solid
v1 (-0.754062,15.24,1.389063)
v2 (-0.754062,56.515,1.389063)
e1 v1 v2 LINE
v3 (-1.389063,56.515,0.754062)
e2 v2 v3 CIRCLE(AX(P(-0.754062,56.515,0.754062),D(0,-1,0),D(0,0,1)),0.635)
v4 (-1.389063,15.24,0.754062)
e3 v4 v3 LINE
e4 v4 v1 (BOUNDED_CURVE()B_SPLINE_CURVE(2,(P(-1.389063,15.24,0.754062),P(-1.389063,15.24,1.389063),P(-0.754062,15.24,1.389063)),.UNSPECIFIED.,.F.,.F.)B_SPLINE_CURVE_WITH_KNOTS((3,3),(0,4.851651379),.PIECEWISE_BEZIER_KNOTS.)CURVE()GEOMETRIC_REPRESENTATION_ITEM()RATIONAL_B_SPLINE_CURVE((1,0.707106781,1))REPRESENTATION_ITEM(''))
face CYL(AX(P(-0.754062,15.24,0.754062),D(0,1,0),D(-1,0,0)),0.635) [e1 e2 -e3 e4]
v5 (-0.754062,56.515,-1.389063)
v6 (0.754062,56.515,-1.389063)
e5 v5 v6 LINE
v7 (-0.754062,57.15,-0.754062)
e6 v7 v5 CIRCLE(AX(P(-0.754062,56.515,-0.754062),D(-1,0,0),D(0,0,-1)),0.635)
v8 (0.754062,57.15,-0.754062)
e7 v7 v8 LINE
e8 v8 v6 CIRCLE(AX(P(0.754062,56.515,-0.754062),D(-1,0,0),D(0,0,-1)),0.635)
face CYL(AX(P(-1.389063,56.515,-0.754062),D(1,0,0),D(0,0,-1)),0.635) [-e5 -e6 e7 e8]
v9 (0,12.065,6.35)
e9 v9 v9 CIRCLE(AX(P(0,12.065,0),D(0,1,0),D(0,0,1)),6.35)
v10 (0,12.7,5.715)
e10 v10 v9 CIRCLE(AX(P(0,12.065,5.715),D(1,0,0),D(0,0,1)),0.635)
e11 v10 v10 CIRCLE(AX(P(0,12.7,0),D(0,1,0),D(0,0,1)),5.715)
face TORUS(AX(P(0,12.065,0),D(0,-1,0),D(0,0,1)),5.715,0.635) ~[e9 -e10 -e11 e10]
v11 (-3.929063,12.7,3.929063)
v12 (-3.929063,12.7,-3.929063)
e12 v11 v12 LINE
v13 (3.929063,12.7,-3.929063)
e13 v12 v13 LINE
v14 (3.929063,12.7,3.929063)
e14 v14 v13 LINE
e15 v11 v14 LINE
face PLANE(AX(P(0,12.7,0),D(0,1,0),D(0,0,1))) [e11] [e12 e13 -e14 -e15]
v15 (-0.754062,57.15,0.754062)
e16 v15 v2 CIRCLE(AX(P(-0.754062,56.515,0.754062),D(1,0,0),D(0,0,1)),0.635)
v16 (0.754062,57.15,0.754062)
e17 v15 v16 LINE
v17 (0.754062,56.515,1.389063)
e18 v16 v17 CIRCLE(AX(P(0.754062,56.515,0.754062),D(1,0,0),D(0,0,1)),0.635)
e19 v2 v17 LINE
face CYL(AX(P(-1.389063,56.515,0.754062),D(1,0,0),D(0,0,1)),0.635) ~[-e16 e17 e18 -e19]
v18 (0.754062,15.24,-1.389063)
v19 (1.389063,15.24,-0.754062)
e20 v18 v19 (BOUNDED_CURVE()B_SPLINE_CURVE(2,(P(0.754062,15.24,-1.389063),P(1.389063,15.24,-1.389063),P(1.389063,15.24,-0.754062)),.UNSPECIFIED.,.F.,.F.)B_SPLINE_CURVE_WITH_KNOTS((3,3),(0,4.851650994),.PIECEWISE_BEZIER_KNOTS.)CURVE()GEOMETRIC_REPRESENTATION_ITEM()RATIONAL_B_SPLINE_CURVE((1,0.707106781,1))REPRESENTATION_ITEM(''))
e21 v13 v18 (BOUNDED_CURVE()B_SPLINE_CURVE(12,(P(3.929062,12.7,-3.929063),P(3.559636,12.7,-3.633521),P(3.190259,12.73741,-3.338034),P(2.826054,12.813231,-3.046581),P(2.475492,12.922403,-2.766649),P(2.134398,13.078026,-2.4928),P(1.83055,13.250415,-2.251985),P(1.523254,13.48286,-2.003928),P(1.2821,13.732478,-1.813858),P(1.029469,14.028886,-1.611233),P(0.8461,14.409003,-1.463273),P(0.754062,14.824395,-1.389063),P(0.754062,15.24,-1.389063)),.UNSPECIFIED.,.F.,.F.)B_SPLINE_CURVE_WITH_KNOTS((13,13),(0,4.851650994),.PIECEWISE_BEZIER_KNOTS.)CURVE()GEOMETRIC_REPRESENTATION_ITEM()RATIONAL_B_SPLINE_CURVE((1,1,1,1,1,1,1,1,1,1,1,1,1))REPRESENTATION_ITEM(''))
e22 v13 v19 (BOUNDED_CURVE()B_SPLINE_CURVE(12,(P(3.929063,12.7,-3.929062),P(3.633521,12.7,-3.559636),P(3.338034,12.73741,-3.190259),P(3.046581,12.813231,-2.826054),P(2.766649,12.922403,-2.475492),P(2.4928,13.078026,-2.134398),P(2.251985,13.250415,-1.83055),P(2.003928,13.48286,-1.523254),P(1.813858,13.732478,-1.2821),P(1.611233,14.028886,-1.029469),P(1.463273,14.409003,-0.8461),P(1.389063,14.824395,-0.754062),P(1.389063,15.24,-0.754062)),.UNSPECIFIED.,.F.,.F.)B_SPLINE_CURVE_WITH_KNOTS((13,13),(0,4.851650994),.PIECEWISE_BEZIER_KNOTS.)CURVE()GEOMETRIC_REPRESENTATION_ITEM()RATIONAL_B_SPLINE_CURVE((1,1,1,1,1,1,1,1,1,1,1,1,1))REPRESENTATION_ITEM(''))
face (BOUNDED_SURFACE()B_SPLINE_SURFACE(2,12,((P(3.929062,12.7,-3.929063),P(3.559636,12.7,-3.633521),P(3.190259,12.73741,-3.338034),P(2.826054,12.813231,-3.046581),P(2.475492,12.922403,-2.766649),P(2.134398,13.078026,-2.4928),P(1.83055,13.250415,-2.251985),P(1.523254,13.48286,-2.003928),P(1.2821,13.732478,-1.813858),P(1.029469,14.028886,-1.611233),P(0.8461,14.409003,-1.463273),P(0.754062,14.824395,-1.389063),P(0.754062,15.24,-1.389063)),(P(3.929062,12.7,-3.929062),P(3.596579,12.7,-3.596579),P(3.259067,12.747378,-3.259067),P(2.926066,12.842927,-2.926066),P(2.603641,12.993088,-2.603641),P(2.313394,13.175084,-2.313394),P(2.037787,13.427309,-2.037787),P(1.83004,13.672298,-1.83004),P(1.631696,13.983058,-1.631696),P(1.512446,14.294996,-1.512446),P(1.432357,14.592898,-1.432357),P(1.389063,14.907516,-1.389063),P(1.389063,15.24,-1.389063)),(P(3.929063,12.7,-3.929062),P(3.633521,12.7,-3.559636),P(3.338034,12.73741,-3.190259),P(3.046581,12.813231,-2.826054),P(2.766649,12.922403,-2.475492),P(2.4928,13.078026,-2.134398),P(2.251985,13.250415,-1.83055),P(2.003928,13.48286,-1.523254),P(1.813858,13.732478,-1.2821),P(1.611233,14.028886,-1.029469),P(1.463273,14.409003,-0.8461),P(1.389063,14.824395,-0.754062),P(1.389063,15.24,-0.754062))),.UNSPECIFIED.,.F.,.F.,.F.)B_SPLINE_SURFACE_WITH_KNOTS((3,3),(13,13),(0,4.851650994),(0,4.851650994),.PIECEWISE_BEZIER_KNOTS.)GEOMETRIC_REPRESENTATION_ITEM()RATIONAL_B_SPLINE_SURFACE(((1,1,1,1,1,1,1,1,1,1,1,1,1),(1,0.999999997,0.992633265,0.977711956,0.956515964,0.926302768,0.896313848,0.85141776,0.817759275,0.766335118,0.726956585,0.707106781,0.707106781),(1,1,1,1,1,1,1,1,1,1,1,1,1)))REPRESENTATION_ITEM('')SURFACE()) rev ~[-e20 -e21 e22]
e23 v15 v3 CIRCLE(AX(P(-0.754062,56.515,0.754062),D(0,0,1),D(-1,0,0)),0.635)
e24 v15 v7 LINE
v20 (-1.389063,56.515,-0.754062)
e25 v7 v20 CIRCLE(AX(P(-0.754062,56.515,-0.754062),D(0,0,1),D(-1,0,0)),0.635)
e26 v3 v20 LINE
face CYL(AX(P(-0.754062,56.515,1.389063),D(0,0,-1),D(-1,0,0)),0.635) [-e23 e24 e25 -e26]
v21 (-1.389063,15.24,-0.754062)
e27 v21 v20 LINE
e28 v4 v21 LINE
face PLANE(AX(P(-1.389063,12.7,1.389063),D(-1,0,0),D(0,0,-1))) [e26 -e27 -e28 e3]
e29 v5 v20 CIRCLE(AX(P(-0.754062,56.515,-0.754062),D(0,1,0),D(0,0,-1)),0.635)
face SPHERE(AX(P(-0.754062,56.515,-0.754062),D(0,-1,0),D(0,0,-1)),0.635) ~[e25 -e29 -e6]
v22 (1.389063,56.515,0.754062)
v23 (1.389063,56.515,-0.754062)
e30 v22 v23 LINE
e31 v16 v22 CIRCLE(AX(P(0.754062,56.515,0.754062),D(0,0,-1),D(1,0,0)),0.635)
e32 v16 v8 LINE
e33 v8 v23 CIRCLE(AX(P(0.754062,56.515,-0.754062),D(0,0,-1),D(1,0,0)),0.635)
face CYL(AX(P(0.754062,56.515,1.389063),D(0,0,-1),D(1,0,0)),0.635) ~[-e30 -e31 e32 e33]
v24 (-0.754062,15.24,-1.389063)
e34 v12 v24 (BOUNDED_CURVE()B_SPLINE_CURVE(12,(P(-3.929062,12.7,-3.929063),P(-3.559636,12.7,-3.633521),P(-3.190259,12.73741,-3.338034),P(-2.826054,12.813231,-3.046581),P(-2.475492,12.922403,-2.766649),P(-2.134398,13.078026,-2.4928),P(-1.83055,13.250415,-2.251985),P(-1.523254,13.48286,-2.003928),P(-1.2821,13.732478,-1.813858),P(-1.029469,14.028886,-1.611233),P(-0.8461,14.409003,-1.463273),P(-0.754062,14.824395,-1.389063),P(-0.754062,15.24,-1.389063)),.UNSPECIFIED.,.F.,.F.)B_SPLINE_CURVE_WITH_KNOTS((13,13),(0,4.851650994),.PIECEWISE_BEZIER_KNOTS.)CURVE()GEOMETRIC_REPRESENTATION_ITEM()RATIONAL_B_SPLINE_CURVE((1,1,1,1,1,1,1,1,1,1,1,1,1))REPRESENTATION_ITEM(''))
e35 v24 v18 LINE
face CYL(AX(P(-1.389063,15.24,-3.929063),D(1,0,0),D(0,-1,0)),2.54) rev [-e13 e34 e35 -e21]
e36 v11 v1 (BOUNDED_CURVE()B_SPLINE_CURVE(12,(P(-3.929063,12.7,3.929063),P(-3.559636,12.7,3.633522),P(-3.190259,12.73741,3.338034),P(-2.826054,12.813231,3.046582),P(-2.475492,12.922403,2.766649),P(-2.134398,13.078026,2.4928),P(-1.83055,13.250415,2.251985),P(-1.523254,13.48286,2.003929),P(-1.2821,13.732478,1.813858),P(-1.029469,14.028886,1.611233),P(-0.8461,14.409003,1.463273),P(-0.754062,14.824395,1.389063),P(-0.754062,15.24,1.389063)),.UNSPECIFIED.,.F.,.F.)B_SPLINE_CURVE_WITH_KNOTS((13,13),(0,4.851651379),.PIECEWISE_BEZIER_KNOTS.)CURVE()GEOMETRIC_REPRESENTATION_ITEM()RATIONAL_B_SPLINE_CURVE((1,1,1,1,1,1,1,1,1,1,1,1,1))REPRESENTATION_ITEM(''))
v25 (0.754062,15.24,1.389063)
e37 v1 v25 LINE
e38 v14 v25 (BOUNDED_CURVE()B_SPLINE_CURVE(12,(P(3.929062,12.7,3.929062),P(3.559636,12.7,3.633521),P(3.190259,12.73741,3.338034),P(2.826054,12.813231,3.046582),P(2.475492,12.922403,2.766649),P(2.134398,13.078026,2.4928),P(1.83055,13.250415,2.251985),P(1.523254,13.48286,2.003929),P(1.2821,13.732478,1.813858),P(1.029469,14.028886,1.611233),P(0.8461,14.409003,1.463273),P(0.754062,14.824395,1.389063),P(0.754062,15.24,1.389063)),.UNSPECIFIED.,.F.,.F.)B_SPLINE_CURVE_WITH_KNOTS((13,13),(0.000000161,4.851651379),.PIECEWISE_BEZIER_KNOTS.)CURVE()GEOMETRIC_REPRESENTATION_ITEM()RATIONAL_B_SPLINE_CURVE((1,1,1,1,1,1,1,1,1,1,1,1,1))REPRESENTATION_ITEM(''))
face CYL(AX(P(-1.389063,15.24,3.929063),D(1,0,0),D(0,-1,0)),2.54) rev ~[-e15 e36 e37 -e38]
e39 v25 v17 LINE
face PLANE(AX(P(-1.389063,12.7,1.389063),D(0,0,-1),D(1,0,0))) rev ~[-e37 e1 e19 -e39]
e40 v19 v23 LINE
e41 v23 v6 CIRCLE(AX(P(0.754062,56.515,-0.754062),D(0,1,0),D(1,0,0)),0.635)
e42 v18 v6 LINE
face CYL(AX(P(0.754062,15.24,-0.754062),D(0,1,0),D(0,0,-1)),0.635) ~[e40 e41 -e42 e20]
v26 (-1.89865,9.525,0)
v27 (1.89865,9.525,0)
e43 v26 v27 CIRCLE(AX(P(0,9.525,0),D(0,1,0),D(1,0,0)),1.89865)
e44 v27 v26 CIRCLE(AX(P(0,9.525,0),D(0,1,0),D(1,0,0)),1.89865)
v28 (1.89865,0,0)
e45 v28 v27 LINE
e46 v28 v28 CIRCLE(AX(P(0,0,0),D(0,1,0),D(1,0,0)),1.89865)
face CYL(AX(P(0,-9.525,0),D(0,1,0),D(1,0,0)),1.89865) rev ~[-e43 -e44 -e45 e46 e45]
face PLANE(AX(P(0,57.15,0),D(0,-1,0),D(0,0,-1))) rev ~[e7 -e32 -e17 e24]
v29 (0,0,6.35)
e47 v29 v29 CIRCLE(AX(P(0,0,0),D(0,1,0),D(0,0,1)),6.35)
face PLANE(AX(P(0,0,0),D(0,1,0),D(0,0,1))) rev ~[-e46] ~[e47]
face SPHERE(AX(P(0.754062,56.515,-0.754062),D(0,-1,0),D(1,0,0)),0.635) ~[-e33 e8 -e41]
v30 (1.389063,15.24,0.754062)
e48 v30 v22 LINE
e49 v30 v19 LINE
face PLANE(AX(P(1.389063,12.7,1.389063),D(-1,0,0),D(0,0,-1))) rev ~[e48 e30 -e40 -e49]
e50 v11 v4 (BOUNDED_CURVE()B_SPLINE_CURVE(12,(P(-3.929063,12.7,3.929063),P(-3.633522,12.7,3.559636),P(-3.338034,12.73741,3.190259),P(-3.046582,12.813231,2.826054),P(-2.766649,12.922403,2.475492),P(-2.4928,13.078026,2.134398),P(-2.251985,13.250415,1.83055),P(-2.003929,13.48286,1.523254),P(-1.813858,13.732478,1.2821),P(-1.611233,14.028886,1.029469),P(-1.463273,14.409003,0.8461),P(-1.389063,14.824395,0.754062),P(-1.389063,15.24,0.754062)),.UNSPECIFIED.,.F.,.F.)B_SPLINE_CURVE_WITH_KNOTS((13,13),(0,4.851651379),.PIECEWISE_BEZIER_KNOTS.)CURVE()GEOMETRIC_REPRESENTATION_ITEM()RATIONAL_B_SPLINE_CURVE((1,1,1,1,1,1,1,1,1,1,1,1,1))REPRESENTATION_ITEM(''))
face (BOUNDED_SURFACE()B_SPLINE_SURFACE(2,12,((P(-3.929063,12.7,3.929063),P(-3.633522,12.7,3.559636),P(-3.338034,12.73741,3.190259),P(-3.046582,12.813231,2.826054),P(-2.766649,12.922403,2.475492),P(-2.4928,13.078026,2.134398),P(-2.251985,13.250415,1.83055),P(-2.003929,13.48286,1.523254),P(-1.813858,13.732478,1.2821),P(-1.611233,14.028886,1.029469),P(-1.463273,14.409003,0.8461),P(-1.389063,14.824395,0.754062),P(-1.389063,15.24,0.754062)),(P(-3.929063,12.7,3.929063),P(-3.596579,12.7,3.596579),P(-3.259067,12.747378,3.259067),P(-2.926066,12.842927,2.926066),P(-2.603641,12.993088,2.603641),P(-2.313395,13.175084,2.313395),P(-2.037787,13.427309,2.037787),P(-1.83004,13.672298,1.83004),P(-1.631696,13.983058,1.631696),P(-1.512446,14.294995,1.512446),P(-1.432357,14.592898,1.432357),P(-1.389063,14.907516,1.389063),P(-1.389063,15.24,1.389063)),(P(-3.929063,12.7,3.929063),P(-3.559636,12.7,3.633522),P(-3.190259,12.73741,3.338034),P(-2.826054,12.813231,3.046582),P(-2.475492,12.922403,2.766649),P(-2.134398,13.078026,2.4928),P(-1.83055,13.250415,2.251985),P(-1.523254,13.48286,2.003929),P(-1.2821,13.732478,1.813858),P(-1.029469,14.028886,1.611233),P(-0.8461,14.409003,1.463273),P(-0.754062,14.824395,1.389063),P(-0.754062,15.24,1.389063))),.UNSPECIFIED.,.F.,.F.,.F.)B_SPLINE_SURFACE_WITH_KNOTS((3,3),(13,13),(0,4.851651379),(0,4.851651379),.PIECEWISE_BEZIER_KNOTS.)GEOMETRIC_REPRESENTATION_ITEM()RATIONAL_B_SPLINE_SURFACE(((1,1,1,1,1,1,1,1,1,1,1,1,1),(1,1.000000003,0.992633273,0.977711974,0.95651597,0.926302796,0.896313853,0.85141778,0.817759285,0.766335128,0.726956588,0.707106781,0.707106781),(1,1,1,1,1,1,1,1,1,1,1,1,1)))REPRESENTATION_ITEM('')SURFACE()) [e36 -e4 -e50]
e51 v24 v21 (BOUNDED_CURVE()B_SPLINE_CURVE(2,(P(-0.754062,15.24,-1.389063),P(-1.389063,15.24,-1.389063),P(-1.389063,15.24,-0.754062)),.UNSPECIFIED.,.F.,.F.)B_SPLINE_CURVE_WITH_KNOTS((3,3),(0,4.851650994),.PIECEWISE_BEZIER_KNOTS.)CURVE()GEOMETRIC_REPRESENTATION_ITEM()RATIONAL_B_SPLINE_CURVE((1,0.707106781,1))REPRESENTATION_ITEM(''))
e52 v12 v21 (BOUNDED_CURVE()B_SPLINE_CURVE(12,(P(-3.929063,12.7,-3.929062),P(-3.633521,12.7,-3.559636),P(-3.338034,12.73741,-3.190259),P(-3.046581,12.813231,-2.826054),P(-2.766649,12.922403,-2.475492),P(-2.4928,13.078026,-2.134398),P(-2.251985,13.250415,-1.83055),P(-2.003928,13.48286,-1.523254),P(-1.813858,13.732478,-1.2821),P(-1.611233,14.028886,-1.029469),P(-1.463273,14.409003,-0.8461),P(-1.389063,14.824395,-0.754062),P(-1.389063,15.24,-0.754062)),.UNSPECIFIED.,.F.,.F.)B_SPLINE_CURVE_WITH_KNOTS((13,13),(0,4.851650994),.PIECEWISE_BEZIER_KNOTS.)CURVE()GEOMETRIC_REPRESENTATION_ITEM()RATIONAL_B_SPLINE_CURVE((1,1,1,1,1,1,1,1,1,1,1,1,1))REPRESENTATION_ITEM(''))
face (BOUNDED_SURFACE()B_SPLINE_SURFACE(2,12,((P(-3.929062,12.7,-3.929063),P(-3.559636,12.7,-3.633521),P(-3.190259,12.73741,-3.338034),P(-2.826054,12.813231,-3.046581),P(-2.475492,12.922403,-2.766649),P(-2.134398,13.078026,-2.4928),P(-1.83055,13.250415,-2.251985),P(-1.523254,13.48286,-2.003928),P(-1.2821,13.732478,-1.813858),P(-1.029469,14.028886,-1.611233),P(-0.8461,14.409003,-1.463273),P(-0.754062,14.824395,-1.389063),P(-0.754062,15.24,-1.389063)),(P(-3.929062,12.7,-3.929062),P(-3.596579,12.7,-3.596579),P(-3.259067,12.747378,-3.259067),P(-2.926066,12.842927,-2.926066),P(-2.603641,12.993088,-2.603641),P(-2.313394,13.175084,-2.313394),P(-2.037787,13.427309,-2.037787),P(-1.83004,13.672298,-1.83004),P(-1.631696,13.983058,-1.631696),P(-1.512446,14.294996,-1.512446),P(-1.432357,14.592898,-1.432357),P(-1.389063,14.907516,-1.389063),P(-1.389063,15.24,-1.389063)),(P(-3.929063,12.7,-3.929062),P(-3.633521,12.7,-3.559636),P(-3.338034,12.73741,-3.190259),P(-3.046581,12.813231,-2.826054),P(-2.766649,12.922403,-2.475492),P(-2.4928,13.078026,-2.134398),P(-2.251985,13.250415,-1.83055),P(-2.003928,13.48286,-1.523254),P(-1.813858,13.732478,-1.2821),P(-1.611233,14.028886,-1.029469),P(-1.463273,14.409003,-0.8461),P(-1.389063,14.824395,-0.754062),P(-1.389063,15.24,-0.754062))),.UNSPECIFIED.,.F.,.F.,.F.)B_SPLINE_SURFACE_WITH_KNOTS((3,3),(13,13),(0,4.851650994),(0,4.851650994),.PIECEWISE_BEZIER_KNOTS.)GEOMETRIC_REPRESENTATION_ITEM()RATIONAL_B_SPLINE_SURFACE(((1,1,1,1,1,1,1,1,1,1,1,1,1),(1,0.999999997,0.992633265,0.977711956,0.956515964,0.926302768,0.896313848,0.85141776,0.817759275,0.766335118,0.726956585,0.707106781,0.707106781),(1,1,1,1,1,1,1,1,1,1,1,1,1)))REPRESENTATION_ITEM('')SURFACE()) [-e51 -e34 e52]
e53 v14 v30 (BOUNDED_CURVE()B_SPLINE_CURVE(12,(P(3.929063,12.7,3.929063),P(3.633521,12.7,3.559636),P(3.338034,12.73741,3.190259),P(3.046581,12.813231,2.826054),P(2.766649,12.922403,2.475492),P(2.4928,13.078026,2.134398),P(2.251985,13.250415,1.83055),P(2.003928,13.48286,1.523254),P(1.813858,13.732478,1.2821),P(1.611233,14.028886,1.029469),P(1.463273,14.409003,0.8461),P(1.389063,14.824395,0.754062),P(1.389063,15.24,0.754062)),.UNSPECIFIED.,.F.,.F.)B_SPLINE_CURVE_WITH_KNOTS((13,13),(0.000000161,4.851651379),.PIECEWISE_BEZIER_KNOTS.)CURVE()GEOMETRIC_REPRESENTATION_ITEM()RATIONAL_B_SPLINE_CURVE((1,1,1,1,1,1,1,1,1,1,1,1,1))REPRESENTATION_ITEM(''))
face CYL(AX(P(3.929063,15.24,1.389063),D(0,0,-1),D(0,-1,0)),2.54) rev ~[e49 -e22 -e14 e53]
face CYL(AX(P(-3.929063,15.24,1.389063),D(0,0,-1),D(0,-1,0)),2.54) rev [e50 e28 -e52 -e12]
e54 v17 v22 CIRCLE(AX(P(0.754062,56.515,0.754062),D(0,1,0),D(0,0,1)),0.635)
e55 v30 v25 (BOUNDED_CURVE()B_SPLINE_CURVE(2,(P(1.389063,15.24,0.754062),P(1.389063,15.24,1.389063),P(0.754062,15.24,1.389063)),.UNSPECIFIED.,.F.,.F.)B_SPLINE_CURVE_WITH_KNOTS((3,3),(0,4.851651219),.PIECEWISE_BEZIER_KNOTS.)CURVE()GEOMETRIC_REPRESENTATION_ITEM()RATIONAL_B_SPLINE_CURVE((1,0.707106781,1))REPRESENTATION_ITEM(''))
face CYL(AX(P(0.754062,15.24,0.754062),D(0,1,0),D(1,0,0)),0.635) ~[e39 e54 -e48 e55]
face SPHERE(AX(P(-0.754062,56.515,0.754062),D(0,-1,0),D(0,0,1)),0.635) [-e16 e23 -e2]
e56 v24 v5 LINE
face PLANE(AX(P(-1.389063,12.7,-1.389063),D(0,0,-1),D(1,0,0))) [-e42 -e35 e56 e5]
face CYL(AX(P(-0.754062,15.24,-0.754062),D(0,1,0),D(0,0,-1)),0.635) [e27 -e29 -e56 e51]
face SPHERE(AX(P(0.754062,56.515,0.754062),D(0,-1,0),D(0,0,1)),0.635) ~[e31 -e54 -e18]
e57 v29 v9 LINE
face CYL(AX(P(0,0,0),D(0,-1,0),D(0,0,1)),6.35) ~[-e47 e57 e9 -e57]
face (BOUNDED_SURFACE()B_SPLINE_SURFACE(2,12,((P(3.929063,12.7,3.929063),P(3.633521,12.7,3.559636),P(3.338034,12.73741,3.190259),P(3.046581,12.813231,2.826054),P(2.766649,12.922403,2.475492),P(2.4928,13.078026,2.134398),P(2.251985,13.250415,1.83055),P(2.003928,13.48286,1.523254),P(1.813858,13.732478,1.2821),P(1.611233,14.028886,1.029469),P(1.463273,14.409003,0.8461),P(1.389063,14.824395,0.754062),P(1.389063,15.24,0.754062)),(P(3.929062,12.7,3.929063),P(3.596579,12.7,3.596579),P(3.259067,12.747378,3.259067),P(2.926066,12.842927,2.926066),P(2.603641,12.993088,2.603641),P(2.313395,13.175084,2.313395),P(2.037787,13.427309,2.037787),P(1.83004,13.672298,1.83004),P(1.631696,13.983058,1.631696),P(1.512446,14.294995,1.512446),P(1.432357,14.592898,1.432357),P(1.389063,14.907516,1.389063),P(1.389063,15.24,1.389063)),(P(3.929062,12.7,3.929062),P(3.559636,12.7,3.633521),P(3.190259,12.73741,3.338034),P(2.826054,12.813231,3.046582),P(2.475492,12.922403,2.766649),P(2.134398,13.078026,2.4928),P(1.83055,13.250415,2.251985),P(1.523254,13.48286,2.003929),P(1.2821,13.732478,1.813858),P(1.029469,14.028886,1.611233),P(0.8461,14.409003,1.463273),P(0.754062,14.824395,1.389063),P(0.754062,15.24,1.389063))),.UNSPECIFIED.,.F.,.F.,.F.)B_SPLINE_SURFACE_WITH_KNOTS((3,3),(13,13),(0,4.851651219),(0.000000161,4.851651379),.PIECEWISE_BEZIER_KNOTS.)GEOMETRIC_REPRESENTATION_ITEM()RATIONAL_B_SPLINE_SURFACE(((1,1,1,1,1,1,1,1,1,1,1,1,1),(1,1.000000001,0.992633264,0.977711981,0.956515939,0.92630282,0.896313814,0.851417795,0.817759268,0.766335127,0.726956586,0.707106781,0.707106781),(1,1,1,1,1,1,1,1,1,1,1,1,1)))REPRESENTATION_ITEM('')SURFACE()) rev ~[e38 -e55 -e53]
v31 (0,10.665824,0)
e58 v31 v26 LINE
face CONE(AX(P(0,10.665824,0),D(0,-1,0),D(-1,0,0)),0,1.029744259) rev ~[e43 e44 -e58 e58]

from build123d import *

# Parameters (mm, degrees)
SKETCH1_R                  = 6.35
BOSS_EXTRUDE1_DEPTH        = 12.7
SKETCH2_W                  = 2.778125
SKETCH2_H                  = 2.778125
BOSS_EXTRUDE2_DEPTH        = 44.45
FILLET1_R                  = 2.54
FILLET2_R                  = 0.635
F_10_24_TAPPED_HOLE1_D     = 3.7973
F_10_24_TAPPED_HOLE1_DEPTH = 9.525
F_10_24_TAPPED_HOLE1_TIP   = 1.140824014


with BuildPart() as part:
    # Sketch1 → Boss-Extrude1 (new body)
    with BuildSketch(Plane(origin=(0, 0, 0), x_dir=(0, 0, -1), z_dir=(0, 1, 0))):
        with Locations(Location((0, 0, 0), (0, 0, 180))):
            Circle(SKETCH1_R)
    extrude(amount=BOSS_EXTRUDE1_DEPTH)

    # Sketch2 → Boss-Extrude2 (add)
    with BuildSketch(Plane(origin=(-12.7, 12.7, 0), x_dir=(0, 0, -1), z_dir=(0, -1, 0))):
        with Locations((0, 12.7)):
            Rectangle(SKETCH2_W, SKETCH2_H)
    extrude(amount=-BOSS_EXTRUDE2_DEPTH)

    # Fillet1
    fillet1_edges = [part.edges().sort_by_distance(p)[0] for p in [
        (0, 12.7, -1.3890625),
        (-1.3890625, 12.7, 0),
        (1.3890625, 12.7, 0),
        (0, 12.7, 1.3890625),
    ]]
    fillet(fillet1_edges, radius=FILLET1_R)

    # Fillet2
    fillet2_edges = [part.edges().sort_by_distance(p)[0] for p in [
        (2.288098275, 13.301228117, -2.288098275),
        (-2.288098218, 13.301228166, -2.288098218),
        (2.288098215, 13.301228168, 2.288098215),
        (-2.288098198, 13.301228182, 2.288098198),
        (0, 12.7, -6.35),
        (1.3890625, 36.195, -1.3890625),
        (-1.3890625, 36.195, -1.3890625),
        (0, 57.15, 1.3890625),
        (-1.3890625, 36.195, 1.3890625),
        (1.3890625, 57.15, 0),
        (1.3890625, 36.195, 1.3890625),
        (0, 57.15, -1.3890625),
        (-1.3890625, 57.15, 0),
    ]]
    fillet(fillet2_edges, radius=FILLET2_R)

    # #10-24 Tapped Hole1
    with Locations(Plane(origin=(0, 0, 0), x_dir=(-1, 0, 0), z_dir=(0, -1, 0))):
        with Locations((0, 0)):
            Hole(F_10_24_TAPPED_HOLE1_D / 2, depth=F_10_24_TAPPED_HOLE1_DEPTH)
            with Locations((0, 0, -(F_10_24_TAPPED_HOLE1_DEPTH + F_10_24_TAPPED_HOLE1_TIP / 2))):  # 118° drill point
                Cone(0, F_10_24_TAPPED_HOLE1_D / 2, F_10_24_TAPPED_HOLE1_TIP, mode=Mode.SUBTRACT)


solid = part.part
